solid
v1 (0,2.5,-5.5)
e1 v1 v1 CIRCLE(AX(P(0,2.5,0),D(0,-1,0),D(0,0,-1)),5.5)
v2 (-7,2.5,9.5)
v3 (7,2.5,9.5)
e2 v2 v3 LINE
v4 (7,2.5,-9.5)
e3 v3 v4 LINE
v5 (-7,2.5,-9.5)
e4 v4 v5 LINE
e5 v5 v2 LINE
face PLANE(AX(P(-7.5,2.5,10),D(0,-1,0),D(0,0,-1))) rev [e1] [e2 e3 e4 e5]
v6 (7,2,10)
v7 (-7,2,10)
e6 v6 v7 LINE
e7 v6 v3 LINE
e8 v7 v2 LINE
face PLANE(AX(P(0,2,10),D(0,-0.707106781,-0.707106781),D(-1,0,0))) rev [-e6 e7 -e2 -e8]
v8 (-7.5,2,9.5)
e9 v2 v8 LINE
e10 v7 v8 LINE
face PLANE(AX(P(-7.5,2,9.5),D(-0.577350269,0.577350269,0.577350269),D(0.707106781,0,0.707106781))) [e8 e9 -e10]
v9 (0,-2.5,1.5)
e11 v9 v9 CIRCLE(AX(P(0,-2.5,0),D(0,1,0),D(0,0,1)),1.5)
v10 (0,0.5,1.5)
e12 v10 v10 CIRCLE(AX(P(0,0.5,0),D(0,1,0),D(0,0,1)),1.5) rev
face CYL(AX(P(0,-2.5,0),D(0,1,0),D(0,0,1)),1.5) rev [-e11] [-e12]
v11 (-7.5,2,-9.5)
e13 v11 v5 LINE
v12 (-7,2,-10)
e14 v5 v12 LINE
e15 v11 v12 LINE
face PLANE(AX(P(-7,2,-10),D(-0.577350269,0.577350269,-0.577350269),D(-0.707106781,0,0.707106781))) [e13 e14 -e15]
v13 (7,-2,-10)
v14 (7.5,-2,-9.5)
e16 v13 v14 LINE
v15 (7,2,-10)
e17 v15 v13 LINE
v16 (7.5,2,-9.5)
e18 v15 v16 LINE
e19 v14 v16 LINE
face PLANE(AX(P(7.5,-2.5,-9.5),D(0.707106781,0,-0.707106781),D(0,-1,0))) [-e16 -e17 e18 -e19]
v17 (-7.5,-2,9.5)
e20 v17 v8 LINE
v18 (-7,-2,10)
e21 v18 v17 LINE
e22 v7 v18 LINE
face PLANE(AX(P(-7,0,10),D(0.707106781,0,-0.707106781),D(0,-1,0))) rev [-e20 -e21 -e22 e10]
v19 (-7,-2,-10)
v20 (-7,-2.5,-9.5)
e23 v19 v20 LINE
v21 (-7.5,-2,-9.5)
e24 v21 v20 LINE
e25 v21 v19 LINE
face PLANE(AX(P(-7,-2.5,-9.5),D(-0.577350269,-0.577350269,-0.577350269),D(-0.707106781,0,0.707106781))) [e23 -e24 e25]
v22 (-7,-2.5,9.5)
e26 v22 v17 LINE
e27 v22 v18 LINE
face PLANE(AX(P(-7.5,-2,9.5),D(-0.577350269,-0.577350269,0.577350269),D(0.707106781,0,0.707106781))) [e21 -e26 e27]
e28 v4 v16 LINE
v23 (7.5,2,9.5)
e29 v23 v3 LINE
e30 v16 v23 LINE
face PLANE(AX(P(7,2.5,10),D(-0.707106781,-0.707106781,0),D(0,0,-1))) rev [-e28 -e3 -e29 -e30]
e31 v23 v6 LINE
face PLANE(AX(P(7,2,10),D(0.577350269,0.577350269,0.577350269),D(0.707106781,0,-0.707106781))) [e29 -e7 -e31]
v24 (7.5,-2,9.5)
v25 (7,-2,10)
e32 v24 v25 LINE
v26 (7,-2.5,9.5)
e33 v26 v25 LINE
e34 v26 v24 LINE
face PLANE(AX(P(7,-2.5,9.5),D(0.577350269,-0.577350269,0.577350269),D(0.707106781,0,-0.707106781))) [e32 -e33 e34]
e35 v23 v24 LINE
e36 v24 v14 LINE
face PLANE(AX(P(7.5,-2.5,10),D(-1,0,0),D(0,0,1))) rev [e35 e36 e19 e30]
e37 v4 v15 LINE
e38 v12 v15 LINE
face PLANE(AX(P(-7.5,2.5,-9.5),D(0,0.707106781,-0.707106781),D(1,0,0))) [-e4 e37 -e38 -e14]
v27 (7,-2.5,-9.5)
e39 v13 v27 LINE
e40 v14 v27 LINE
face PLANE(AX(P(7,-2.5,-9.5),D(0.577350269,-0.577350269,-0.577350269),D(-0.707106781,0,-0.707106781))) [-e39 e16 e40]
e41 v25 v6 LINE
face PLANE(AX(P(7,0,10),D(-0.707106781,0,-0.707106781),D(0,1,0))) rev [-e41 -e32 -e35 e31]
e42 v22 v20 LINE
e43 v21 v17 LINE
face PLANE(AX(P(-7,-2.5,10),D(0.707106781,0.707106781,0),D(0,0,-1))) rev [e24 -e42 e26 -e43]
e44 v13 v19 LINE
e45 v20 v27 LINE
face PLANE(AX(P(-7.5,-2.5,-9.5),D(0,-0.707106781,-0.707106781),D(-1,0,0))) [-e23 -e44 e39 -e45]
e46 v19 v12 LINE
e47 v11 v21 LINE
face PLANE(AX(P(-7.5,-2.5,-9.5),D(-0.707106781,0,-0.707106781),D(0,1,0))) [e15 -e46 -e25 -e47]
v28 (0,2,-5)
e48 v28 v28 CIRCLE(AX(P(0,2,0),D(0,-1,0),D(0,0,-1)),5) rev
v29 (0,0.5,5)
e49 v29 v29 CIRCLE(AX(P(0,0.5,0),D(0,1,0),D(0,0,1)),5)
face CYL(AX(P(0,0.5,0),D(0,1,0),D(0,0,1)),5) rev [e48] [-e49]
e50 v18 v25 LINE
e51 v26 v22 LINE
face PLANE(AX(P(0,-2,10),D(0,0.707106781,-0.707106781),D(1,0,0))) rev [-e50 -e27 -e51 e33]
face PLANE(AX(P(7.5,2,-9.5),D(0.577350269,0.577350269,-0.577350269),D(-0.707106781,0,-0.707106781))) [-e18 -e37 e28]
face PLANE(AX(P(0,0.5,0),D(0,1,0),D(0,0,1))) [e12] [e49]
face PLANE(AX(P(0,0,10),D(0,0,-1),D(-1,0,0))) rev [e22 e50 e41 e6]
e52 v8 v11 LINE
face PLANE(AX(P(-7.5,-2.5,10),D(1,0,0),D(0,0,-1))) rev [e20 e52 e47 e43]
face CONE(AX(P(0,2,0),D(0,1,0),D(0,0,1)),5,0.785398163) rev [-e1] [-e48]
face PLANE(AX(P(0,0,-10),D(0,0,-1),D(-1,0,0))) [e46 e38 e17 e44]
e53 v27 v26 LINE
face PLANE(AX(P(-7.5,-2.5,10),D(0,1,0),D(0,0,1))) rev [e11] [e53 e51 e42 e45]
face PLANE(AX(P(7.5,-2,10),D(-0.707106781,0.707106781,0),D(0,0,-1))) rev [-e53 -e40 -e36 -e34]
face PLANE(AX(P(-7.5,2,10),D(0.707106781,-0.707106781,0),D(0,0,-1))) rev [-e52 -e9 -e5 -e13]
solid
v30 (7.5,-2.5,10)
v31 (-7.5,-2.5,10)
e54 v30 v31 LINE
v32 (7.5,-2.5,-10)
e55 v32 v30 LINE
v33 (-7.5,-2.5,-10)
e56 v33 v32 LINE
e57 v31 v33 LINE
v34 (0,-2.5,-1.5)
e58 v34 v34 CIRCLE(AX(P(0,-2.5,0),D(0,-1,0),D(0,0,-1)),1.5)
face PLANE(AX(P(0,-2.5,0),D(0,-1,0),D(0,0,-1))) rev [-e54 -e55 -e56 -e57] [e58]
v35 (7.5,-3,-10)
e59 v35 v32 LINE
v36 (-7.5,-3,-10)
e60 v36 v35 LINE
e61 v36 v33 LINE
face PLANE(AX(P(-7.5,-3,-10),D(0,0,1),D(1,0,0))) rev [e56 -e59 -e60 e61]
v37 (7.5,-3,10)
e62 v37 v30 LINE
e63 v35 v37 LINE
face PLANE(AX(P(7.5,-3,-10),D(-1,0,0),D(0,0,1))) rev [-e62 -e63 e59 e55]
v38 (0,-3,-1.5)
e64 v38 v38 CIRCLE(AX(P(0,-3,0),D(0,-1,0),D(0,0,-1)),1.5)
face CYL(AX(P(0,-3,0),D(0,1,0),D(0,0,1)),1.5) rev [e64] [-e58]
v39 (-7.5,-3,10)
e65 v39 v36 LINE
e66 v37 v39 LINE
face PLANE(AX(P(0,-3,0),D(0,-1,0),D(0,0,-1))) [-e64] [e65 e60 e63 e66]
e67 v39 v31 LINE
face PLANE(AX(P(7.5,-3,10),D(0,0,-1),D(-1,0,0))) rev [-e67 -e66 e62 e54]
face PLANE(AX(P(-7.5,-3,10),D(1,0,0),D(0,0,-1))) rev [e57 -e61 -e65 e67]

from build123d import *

# Parameters (mm, degrees)
CROQUIS1_W              = 15
CROQUIS1_H              = 5
SALIENTE_EXTRUIR1_DEPTH = 10
CROQUIS2_R              = 1.5
CORTAR_EXTRUIR1_DEPTH   = 14.462912018
CROQUIS7_R              = 5
CORTAR_EXTRUIR3_DEPTH   = 2
CROQUIS3_R              = 4
SALIENTE_EXTRUIR2_DEPTH = 3
CROQUIS4_R              = 4
SALIENTE_EXTRUIR3_DEPTH = 6
SALIENTE_EXTRUIR3_TAPER = 33
SALIENTE_EXTRUIR4_REACH = 19.328
CROQUIS5_R              = 0.103554441
CROQUIS6_R              = 2
CORTAR_EXTRUIR2_DEPTH   = 2
CROQUIS9_W              = 15
CROQUIS9_H              = 20
CROQUIS9_R              = 1.5
SALIENTE_EXTRUIR5_DEPTH = 0.5
CHAFL_N1_SIZE           = 0.5


with BuildPart() as part:
    # Croquis1 → Saliente-Extruir1 (new, symmetric)
    with BuildSketch(Plane.XY):
        Rectangle(CROQUIS1_W, CROQUIS1_H)
    extrude(amount=SALIENTE_EXTRUIR1_DEPTH, both=True)

    # Croquis2 → Cortar-Extruir1 (cut, through all)
    with BuildSketch(Plane(origin=(0, 2.5, 0), x_dir=(1, 0, 0), z_dir=(0, 1, 0))):
        with Locations(Location((0, 0, 0), (0, 0, 270))):
            Circle(CROQUIS2_R)
    extrude(amount=-CORTAR_EXTRUIR1_DEPTH, mode=Mode.SUBTRACT)

    # Croquis7 → Cortar-Extruir3 (cut)
    with BuildSketch(Plane(origin=(0, 2.5, 0), x_dir=(1, 0, 0), z_dir=(0, 1, 0))):
        with Locations(Location((0, 0, 0), (0, 0, 270))):
            Circle(CROQUIS7_R)
    extrude(amount=-CORTAR_EXTRUIR3_DEPTH, mode=Mode.SUBTRACT)

    # Chaflán1
    chafl_n1_edges = [part.edges().sort_by_distance(p)[0] for p in [
        (-7.5, 0, 10),
        (0, -2.5, 10),
        (0, 2.5, -5),
        (7.5, 0, 10),
        (0, -2.5, -10),
        (-7.5, 0, -10),
        (0, 2.5, -10),
        (7.5, 0, -10),
        (0, 2.5, 10),
        (7.5, -2.5, 0),
        (-7.5, -2.5, 0),
        (-7.5, 2.5, 0),
        (7.5, 2.5, 0),
    ]]
    chamfer(chafl_n1_edges, length=CHAFL_N1_SIZE)


with BuildPart() as body_2:
    # Croquis3 → Saliente-Extruir2 (new body)
    with BuildSketch(Plane(origin=(0, 0.5, 0), x_dir=(1, 0, 0), z_dir=(0, 1, 0))):
        with Locations(Location((0, 0, 0), (0, 0, 270))):
            Circle(CROQUIS3_R)
        Polygon((-1.732050808, -3), (1.732050808, -3), (3.464101615, 0), (1.732050808, 3), (-1.732050808, 3), (-3.464101615, 0), align=None, mode=Mode.SUBTRACT)
    extrude(amount=SALIENTE_EXTRUIR2_DEPTH)

    # Croquis4 → Saliente-Extruir3 (add)
    with BuildSketch(Plane(origin=(0, 3.5, 0), x_dir=(1, 0, 0), z_dir=(0, 1, 0))):
        with Locations(Location((0, 0, 0), (0, 0, 270))):
            Circle(CROQUIS4_R)
    extrude(amount=SALIENTE_EXTRUIR3_DEPTH, taper=SALIENTE_EXTRUIR3_TAPER)

    # Saliente-Extruir4: up to this cone (the profile starts outside it)
    saliente_extruir4_end = Plane(origin=(0, 9.5, 0), z_dir=(0, -1, 0)).offset(-0.159458855) * Cone(1e-06, 13.047257239, 20.091013296, align=(Align.CENTER, Align.CENTER, Align.MIN), mode=Mode.PRIVATE)
    # Croquis5 → Saliente-Extruir4 (add, up to the surface)
    with BuildSketch(Plane(origin=(0, 9.5, 0), x_dir=(1, 0, 0), z_dir=(0, 1, 0)), mode=Mode.PRIVATE) as saliente_extruir4_sk1:
        with BuildLine():
            Line((-1.648700226, 2.200974231), (-0.805838424, 1.553423456))
            Line((-0.805838424, 1.553423456), (-0.849796735, 2.61540542))
            ThreePointArc((-0.849796735, 2.61540542), (-0.731113465, 2.651032459), (-0.610945733, 2.681276806))
            Line((-0.610945733, 2.681276806), (-0.10433579, 1.746886958))
            Line((-0.10433579, 1.746886958), (0.287453274, 2.734935212))
            ThreePointArc((0.287453274, 2.734935212), (0.410366658, 2.719209298), (0.532446828, 2.697962263))
            Line((0.532446828, 2.697962263), (0.61520745, 1.638297834))
            Line((0.61520745, 1.638297834), (1.375, 2.38156986))
            ThreePointArc((1.375, 2.38156986), (1.480890658, 2.317210146), (1.583774496, 2.248145535))
            Line((1.583774496, 2.248145535), (1.228375733, 1.246432131))
            Line((1.228375733, 1.246432131), (2.224796735, 1.616409444))
            ThreePointArc((2.224796735, 1.616409444), (2.29535521, 1.514544308), (2.361253164, 1.40960402))
            Line((2.361253164, 1.40960402), (1.629146692, 0.63904699))
            Line((1.629146692, 0.63904699), (2.689905902, 0.57175715))
            ThreePointArc((2.689905902, 0.57175715), (2.712931993, 0.45), (2.73044971, 0.327329164))
            Line((2.73044971, 0.327329164), (1.748223388, -0.078835182))
            Line((1.748223388, -0.078835182), (2.689905902, -0.57175715))
            ThreePointArc((2.689905902, -0.57175715), (2.661418189, -0.692353396), (2.627526695, -0.811543878))
            Line((2.627526695, -0.811543878), (1.565016378, -0.783086035))
            Line((1.565016378, -0.783086035), (2.224796735, -1.616409444))
            ThreePointArc((2.224796735, -1.616409444), (2.149721001, -1.7149926), (2.070280445, -1.810093611))
            Line((2.070280445, -1.810093611), (1.111203818, -1.351934198))
            Line((1.111203818, -1.351934198), (1.375, -2.38156986))
            ThreePointArc((1.375, -2.38156986), (1.266317523, -2.441094003), (1.155063897, -2.495661715))
            Line((1.155063897, -2.495661715), (0.465254023, -1.687020656))
            Line((0.465254023, -1.687020656), (0.287453274, -2.734935212))
            ThreePointArc((0.287453274, -2.734935212), (0.163956241, -2.745108076), (0.040126308, -2.749707235))
            Line((0.040126308, -2.749707235), (-0.261142419, -1.730405917))
            Line((-0.261142419, -1.730405917), (-0.849796735, -2.61540542))
            ThreePointArc((-0.849796735, -2.61540542), (-0.966754565, -2.574468025), (-1.081749483, -2.528303395))
            Line((-1.081749483, -2.528303395), (-0.942384964, -1.474588274))
            Line((-0.942384964, -1.474588274), (-1.840109167, -2.04364827))
            ThreePointArc((-1.840109167, -2.04364827), (-1.930304724, -1.958679064), (-2.016580962, -1.869732928))
            Line((-2.016580962, -1.869732928), (-1.460680588, -0.963800923))
            Line((-1.460680588, -0.963800923), (-2.512250009, -1.118525768))
            ThreePointArc((-2.512250009, -1.118525768), (-2.560087659, -1.004216698), (-2.602727273, -0.887868652))
            Line((-2.602727273, -0.887868652), (-1.726411268, -0.286363636))
            Line((-1.726411268, -0.286363636), (-2.75, 0))
            ThreePointArc((-2.75, 0), (-2.747208181, 0.123883857), (-2.738838393, 0.247516179))
            Line((-2.738838393, 0.247516179), (-1.693629756, 0.440588525))
            Line((-1.693629756, 0.440588525), (-2.512250009, 1.118525768))
            ThreePointArc((-2.512250009, 1.118525768), (-2.459311451, 1.230563769), (-2.401379473, 1.340103215))
            Line((-2.401379473, 1.340103215), (-1.368004273, 1.091358927))
            Line((-1.368004273, 1.091358927), (-1.840109167, 2.04364827))
            ThreePointArc((-1.840109167, 2.04364827), (-1.746177428, 2.124468025), (-1.648700226, 2.200974231))
        make_face()
        Circle(CROQUIS5_R, mode=Mode.SUBTRACT)
    saliente_extruir4_tool1 = extrude(saliente_extruir4_sk1.sketch, amount=-SALIENTE_EXTRUIR4_REACH, mode=Mode.PRIVATE) - saliente_extruir4_end
    add(saliente_extruir4_tool1.solids().sort_by_distance((-1.902837, 9.5, -1.140349))[0])

    # Croquis6 → Cortar-Extruir2 (cut)
    with BuildSketch(Plane.XZ.offset(-3.5)):
        with Locations(Location((0, 0, 0), (0, 0, 270))):
            Circle(CROQUIS6_R)
    extrude(amount=-CORTAR_EXTRUIR2_DEPTH, mode=Mode.SUBTRACT)


with BuildPart() as body_2_2:
    # Croquis9 → Saliente-Extruir5 (new body)
    with BuildSketch(Plane.XZ.offset(2.5)):
        Rectangle(CROQUIS9_W, CROQUIS9_H)
        with Locations(Location((0, 0, 0), (0, 0, 270))):
            Circle(CROQUIS9_R, mode=Mode.SUBTRACT)
    extrude(amount=SALIENTE_EXTRUIR5_DEPTH)


solid = Compound([part.part, body_2_2.part])
